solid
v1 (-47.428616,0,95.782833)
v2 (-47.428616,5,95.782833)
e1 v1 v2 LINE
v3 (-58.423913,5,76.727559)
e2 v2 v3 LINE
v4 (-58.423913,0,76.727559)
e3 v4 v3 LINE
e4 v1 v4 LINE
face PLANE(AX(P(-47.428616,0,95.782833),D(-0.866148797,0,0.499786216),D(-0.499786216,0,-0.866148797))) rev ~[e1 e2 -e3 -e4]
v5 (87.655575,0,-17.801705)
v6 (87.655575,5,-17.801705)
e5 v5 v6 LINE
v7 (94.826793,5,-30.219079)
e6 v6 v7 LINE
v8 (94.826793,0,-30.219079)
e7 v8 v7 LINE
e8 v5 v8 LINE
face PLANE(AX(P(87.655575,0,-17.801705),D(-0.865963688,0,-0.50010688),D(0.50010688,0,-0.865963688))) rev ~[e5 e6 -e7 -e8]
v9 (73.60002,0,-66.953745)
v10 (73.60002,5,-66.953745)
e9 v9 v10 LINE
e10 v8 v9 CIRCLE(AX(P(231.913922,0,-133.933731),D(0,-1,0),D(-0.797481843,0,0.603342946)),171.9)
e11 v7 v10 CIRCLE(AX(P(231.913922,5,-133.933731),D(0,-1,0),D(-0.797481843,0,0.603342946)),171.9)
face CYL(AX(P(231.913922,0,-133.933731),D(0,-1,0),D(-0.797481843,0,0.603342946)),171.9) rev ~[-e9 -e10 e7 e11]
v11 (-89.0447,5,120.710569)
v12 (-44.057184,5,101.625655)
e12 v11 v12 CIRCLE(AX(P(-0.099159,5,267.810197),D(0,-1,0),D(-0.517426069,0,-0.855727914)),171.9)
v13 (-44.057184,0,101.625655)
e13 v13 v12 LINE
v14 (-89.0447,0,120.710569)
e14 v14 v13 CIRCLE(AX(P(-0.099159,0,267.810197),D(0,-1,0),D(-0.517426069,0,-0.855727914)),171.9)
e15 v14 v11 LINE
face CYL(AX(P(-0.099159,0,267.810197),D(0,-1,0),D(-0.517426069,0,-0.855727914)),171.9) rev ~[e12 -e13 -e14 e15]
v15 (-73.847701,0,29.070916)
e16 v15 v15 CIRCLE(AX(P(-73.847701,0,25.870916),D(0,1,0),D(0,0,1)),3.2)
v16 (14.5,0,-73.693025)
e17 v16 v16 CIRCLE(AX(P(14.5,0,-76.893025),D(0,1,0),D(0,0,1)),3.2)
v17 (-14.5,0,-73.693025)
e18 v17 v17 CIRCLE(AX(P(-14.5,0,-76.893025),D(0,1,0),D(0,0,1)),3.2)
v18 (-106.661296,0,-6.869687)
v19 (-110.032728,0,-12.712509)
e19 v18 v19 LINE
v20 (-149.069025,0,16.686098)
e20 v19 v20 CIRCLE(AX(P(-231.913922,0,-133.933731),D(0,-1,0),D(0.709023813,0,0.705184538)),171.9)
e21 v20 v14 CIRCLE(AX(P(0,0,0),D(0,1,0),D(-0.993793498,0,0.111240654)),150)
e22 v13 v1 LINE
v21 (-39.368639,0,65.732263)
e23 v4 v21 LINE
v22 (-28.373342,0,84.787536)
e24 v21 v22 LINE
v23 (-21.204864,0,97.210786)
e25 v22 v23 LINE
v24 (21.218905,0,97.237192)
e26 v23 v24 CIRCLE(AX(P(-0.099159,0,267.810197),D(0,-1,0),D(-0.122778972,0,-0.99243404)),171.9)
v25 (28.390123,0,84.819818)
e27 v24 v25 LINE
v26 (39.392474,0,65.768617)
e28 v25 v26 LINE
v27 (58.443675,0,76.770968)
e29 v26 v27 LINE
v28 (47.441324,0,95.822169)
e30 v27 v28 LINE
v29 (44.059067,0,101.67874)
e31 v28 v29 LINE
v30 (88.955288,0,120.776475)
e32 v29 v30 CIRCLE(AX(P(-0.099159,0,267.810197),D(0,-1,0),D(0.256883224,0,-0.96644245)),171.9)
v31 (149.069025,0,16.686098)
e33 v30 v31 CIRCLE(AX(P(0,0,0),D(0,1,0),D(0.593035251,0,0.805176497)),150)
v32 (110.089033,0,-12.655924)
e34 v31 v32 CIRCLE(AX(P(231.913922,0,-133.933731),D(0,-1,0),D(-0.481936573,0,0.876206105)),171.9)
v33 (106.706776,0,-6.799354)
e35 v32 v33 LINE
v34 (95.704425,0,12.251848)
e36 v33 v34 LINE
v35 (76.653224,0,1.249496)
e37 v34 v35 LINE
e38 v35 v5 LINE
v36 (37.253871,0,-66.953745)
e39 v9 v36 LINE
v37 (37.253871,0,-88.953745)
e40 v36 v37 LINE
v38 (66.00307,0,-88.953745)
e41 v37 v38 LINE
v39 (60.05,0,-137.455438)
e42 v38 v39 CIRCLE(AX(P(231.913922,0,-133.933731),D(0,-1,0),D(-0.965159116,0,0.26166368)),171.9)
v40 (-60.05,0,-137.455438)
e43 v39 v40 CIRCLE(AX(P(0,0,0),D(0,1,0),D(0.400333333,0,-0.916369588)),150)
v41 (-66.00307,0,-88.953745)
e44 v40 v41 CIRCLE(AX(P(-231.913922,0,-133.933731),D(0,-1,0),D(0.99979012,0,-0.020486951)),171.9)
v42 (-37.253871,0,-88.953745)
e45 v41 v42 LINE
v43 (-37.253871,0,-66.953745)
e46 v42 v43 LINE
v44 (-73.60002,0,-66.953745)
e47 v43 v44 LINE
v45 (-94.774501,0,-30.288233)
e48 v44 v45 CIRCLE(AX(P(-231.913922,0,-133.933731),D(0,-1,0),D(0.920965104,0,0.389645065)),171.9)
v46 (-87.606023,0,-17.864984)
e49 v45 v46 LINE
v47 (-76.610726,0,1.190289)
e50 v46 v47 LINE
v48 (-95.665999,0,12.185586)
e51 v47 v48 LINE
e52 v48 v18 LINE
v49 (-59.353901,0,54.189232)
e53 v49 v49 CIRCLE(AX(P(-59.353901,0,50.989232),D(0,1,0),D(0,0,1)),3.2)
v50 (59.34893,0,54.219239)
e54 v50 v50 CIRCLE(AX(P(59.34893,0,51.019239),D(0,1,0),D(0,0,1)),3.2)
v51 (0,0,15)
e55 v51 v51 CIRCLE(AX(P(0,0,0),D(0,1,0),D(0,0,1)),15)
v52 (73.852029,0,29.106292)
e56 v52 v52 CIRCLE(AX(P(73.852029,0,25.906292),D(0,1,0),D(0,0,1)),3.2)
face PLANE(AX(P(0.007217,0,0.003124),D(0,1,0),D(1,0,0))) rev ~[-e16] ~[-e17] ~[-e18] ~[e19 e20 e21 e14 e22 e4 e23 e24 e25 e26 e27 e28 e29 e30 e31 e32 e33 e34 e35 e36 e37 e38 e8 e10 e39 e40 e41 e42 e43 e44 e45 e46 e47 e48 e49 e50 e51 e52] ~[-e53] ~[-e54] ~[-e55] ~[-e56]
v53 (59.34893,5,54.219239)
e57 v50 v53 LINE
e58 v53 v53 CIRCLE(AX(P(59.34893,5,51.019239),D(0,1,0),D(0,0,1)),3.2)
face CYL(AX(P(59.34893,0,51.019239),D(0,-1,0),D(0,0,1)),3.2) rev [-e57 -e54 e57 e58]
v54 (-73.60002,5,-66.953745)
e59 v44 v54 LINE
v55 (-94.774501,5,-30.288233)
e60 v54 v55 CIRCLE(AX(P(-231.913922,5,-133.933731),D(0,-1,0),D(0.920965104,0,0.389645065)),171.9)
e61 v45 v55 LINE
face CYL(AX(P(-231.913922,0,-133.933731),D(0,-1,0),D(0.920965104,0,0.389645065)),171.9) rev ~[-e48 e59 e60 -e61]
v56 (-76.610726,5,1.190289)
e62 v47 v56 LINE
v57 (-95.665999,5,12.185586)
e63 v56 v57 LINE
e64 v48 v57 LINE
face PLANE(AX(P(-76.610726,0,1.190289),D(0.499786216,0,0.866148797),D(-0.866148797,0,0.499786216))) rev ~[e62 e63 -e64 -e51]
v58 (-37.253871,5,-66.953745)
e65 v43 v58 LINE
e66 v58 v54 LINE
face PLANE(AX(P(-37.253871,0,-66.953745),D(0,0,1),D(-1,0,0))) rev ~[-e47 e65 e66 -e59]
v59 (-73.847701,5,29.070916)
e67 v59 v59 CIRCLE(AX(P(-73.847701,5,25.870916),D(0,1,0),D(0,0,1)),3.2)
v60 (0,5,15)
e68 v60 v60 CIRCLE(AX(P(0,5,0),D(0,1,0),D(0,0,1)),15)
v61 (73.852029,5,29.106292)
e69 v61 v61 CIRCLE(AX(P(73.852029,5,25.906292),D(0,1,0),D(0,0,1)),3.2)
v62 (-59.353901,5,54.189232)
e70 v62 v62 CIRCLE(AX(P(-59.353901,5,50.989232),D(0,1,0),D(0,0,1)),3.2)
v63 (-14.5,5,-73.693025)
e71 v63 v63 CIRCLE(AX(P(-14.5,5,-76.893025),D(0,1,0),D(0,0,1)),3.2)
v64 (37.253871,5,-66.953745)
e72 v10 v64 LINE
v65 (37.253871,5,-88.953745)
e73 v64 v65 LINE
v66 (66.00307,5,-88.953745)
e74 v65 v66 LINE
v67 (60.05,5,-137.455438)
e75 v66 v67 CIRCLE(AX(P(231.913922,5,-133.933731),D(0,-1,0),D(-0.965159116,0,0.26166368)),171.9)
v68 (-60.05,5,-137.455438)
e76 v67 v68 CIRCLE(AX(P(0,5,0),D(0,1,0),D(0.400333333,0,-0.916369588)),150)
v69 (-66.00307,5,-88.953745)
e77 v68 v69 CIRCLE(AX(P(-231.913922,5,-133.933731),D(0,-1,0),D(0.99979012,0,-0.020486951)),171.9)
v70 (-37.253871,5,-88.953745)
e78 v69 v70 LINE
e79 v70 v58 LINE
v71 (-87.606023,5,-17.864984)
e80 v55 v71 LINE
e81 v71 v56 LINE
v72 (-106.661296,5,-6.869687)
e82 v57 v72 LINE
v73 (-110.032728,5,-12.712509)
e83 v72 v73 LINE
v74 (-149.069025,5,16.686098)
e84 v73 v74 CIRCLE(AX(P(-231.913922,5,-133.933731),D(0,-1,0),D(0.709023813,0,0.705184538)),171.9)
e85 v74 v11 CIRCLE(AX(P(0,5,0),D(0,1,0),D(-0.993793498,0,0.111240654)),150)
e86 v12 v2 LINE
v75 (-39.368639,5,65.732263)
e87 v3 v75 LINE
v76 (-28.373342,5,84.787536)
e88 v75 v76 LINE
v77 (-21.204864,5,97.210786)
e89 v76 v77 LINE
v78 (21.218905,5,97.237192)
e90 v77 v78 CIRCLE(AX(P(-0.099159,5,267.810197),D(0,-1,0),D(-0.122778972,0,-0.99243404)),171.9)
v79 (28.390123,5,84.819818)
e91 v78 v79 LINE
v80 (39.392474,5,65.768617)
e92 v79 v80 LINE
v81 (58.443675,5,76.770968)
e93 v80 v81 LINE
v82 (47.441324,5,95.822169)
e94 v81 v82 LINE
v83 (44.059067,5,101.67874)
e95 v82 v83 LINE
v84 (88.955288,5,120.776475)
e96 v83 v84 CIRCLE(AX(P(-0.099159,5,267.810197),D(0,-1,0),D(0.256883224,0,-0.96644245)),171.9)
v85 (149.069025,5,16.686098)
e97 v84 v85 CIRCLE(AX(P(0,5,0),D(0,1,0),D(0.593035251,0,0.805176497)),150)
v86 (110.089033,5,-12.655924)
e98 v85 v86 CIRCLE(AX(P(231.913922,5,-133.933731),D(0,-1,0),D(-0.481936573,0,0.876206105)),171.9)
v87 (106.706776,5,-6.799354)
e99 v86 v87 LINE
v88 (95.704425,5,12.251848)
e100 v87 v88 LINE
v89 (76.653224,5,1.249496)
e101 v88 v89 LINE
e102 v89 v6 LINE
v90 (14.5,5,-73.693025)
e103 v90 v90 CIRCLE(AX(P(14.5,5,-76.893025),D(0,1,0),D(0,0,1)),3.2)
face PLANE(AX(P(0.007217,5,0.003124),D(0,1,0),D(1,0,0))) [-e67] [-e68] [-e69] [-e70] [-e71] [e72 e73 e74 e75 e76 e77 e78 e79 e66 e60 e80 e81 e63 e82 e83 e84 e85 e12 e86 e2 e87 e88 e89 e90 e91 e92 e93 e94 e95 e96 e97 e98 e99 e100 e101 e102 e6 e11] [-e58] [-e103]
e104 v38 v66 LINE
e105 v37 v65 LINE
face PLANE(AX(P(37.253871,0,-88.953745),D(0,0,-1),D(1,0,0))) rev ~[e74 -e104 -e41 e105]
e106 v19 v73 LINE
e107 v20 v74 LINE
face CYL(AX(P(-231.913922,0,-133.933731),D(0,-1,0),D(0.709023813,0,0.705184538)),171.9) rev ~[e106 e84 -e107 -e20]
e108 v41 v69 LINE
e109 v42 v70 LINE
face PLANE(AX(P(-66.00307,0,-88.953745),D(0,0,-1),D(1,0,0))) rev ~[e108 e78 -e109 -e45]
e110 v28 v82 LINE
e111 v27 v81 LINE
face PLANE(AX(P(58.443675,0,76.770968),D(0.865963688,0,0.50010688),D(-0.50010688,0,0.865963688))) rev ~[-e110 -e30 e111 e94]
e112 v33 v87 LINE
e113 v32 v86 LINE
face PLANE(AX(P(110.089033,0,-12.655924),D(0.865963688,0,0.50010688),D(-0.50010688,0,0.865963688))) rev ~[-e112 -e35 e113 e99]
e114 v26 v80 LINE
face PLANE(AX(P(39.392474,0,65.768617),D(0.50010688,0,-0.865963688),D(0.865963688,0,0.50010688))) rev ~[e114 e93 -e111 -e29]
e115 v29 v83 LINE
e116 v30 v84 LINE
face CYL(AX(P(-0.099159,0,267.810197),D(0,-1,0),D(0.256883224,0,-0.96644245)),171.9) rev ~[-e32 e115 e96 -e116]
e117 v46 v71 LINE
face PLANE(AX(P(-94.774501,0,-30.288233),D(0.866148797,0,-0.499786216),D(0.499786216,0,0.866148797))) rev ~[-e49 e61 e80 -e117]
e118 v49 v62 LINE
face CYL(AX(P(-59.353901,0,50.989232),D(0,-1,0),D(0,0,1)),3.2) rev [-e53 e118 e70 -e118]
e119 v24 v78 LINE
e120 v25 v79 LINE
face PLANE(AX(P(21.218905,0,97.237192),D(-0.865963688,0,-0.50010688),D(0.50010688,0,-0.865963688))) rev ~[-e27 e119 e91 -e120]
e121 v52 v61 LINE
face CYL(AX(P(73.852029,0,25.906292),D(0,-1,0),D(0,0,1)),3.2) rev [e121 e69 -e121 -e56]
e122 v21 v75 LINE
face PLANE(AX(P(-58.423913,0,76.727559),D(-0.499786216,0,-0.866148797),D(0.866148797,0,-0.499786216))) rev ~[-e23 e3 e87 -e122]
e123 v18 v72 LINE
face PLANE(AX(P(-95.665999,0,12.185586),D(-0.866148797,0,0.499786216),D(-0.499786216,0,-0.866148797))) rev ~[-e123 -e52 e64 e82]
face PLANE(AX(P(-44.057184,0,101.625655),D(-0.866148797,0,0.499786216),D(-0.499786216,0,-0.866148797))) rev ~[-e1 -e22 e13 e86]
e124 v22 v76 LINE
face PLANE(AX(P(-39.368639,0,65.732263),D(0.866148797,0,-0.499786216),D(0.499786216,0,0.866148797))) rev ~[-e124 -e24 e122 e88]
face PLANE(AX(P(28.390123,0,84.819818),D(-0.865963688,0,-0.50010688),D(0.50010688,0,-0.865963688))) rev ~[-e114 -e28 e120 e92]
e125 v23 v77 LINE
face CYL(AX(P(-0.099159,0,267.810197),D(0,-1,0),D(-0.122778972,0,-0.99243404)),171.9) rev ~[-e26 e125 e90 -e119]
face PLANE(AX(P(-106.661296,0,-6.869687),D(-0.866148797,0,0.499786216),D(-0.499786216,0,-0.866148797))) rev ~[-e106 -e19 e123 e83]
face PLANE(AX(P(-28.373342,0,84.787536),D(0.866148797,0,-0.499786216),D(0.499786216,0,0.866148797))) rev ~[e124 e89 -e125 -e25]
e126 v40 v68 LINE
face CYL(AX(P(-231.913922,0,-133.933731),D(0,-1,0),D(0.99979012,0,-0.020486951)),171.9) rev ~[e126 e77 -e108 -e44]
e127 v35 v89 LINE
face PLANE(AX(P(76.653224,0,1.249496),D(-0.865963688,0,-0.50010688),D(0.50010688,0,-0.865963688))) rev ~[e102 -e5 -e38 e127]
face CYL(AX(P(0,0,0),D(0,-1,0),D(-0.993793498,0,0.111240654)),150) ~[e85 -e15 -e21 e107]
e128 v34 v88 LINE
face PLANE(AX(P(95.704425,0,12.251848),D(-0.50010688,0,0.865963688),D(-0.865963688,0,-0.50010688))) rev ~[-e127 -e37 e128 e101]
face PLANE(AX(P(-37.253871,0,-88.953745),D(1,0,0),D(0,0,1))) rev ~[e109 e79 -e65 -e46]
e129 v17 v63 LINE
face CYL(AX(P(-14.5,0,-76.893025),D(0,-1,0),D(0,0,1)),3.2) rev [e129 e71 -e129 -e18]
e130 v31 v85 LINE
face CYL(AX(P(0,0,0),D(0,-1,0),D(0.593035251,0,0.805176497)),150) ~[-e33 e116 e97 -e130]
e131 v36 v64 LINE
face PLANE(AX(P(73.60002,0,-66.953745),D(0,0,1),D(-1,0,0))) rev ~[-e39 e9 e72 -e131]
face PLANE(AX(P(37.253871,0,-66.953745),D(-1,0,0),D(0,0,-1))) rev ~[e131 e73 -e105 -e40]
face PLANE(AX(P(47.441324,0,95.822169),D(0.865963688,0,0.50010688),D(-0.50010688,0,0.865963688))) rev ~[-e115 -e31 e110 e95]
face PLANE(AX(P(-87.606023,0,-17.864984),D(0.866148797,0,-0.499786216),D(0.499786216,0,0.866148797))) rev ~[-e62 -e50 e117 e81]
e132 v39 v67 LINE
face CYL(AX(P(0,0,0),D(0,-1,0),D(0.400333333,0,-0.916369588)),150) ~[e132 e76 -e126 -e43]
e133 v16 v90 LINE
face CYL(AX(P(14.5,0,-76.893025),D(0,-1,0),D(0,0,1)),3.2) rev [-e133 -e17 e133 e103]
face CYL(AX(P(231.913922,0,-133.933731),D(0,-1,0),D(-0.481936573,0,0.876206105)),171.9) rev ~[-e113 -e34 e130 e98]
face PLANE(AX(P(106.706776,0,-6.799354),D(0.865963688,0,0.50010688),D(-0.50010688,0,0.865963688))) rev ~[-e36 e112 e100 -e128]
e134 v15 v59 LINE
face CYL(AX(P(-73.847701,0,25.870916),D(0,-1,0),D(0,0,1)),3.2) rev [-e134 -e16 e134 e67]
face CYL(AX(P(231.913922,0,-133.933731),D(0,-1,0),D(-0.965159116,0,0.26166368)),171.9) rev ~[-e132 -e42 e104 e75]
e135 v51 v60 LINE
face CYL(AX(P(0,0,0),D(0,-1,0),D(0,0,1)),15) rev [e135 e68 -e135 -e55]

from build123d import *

# Parameters (mm, degrees)
ESQUISSE1_R        = 3.2
ESQUISSE1_R_2      = 15
BOSS_EXTRU_1_DEPTH = 5


with BuildPart() as part:
    # Esquisse1 → Boss.-Extru.1 (new body)
    with BuildSketch(Plane(origin=(0, 0, 0), x_dir=(1, 0, 0), z_dir=(0, 1, 0))):
        with BuildLine():
            Line((95.704424879, -12.251847565), (76.653223752, -1.249496196))
            Line((76.653223752, -1.249496196), (87.655575121, 17.80170493))
            Line((87.655575121, 17.80170493), (94.826792906, 30.219078976))
            ThreePointArc((94.826792906, 30.219078976), (83.075750919, 47.929028471), (73.600020266, 66.953744698))
            Line((73.600020266, 66.953744698), (59.253871219, 66.953744698))
            Line((59.253871219, 66.953744698), (37.253871219, 66.953744698))
            Line((37.253871219, 66.953744698), (37.253871219, 88.953744698))
            Line((37.253871219, 88.953744698), (59.253871219, 88.953744698))
            Line((59.253871219, 88.953744698), (66.003069732, 88.953744698))
            ThreePointArc((66.003069732, 88.953744698), (61.294306765, 112.991978793), (60.05, 137.455438234))
            ThreePointArc((60.05, 137.455438234), (0, 150), (-60.05, 137.455438234))
            ThreePointArc((-60.05, 137.455438234), (-61.294306765, 112.991978793), (-66.003069732, 88.953744698))
            Line((-66.003069732, 88.953744698), (-59.253871219, 88.953744698))
            Line((-59.253871219, 88.953744698), (-37.253871219, 88.953744698))
            Line((-37.253871219, 88.953744698), (-37.253871219, 66.953744698))
            Line((-37.253871219, 66.953744698), (-59.253871219, 66.953744698))
            Line((-59.253871219, 66.953744698), (-73.600020266, 66.953744698))
            ThreePointArc((-73.600020266, 66.953744698), (-83.054066993, 47.966565203), (-94.774500839, 30.288233406))
            Line((-94.774500839, 30.288233406), (-87.606022607, 17.864984041))
            Line((-87.606022607, 17.864984041), (-76.610725847, -1.190289486))
            Line((-76.610725847, -1.190289486), (-95.665999373, -12.185586245))
            Line((-95.665999373, -12.185586245), (-106.661296133, 6.869687281))
            Line((-106.661296133, 6.869687281), (-110.03272827, 12.712509258))
            ThreePointArc((-110.03272827, 12.712509258), (-128.500854083, -3.381043685), (-149.069024712, -16.686098152))
            ThreePointArc((-149.069024712, -16.686098152), (-129.922319498, -74.967932452), (-89.044700128, -120.710568631))
            ThreePointArc((-89.044700128, -120.710568631), (-67.232592853, -109.561304368), (-44.057183789, -101.625654924))
            Line((-44.057183789, -101.625654924), (-47.428615926, -95.782832947))
            Line((-47.428615926, -95.782832947), (-58.423912686, -76.727559421))
            Line((-58.423912686, -76.727559421), (-39.36863916, -65.732262661))
            Line((-39.36863916, -65.732262661), (-28.3733424, -84.787536188))
            Line((-28.3733424, -84.787536188), (-21.204864167, -97.210785553))
            ThreePointArc((-21.204864167, -97.210785553), (0.007838221, -95.910230344), (21.218905144, -97.237191709))
            Line((21.218905144, -97.237191709), (28.390122928, -84.819817663))
            Line((28.390122928, -84.819817663), (39.392474297, -65.768616537))
            Line((39.392474297, -65.768616537), (58.443675423, -76.770967905))
            Line((58.443675423, -76.770967905), (47.441324055, -95.822169032))
            Line((47.441324055, -95.822169032), (44.059067466, -101.678739902))
            ThreePointArc((44.059067466, -101.678739902), (67.188172186, -109.626679928), (88.955287671, -120.776474511))
            ThreePointArc((88.955287671, -120.776474511), (129.894553134, -75.01603206), (149.069024712, -16.686098152))
            ThreePointArc((149.069024712, -16.686098152), (128.532739261, -3.405050916), (110.089032837, 12.655924432))
            Line((110.089032837, 12.655924432), (106.706776248, 6.799353561))
            Line((106.706776248, 6.799353561), (95.704424879, -12.251847565))
        make_face()
        with Locations(Location((14.5, 76.893024973, 0), (0, 0, 270))):
            Circle(ESQUISSE1_R, mode=Mode.SUBTRACT)
        with Locations(Location((-14.5, 76.893024973, 0), (0, 0, 270))):
            Circle(ESQUISSE1_R, mode=Mode.SUBTRACT)
        with Locations(Location((-73.847701188, -25.870916463, 0), (0, 0, 270))):
            Circle(ESQUISSE1_R, mode=Mode.SUBTRACT)
        with Locations(Location((-59.353900914, -50.989231566, 0), (0, 0, 270))):
            Circle(ESQUISSE1_R, mode=Mode.SUBTRACT)
        with Locations(Location((59.348929552, -51.019238622, 0), (0, 0, 270))):
            Circle(ESQUISSE1_R, mode=Mode.SUBTRACT)
        with Locations(Location((73.852029084, -25.906291683, 0), (0, 0, 270))):
            Circle(ESQUISSE1_R, mode=Mode.SUBTRACT)
        with Locations(Location((0, 0, 0), (0, 0, 270))):
            Circle(ESQUISSE1_R_2, mode=Mode.SUBTRACT)
    extrude(amount=BOSS_EXTRU_1_DEPTH)


solid = part.part
